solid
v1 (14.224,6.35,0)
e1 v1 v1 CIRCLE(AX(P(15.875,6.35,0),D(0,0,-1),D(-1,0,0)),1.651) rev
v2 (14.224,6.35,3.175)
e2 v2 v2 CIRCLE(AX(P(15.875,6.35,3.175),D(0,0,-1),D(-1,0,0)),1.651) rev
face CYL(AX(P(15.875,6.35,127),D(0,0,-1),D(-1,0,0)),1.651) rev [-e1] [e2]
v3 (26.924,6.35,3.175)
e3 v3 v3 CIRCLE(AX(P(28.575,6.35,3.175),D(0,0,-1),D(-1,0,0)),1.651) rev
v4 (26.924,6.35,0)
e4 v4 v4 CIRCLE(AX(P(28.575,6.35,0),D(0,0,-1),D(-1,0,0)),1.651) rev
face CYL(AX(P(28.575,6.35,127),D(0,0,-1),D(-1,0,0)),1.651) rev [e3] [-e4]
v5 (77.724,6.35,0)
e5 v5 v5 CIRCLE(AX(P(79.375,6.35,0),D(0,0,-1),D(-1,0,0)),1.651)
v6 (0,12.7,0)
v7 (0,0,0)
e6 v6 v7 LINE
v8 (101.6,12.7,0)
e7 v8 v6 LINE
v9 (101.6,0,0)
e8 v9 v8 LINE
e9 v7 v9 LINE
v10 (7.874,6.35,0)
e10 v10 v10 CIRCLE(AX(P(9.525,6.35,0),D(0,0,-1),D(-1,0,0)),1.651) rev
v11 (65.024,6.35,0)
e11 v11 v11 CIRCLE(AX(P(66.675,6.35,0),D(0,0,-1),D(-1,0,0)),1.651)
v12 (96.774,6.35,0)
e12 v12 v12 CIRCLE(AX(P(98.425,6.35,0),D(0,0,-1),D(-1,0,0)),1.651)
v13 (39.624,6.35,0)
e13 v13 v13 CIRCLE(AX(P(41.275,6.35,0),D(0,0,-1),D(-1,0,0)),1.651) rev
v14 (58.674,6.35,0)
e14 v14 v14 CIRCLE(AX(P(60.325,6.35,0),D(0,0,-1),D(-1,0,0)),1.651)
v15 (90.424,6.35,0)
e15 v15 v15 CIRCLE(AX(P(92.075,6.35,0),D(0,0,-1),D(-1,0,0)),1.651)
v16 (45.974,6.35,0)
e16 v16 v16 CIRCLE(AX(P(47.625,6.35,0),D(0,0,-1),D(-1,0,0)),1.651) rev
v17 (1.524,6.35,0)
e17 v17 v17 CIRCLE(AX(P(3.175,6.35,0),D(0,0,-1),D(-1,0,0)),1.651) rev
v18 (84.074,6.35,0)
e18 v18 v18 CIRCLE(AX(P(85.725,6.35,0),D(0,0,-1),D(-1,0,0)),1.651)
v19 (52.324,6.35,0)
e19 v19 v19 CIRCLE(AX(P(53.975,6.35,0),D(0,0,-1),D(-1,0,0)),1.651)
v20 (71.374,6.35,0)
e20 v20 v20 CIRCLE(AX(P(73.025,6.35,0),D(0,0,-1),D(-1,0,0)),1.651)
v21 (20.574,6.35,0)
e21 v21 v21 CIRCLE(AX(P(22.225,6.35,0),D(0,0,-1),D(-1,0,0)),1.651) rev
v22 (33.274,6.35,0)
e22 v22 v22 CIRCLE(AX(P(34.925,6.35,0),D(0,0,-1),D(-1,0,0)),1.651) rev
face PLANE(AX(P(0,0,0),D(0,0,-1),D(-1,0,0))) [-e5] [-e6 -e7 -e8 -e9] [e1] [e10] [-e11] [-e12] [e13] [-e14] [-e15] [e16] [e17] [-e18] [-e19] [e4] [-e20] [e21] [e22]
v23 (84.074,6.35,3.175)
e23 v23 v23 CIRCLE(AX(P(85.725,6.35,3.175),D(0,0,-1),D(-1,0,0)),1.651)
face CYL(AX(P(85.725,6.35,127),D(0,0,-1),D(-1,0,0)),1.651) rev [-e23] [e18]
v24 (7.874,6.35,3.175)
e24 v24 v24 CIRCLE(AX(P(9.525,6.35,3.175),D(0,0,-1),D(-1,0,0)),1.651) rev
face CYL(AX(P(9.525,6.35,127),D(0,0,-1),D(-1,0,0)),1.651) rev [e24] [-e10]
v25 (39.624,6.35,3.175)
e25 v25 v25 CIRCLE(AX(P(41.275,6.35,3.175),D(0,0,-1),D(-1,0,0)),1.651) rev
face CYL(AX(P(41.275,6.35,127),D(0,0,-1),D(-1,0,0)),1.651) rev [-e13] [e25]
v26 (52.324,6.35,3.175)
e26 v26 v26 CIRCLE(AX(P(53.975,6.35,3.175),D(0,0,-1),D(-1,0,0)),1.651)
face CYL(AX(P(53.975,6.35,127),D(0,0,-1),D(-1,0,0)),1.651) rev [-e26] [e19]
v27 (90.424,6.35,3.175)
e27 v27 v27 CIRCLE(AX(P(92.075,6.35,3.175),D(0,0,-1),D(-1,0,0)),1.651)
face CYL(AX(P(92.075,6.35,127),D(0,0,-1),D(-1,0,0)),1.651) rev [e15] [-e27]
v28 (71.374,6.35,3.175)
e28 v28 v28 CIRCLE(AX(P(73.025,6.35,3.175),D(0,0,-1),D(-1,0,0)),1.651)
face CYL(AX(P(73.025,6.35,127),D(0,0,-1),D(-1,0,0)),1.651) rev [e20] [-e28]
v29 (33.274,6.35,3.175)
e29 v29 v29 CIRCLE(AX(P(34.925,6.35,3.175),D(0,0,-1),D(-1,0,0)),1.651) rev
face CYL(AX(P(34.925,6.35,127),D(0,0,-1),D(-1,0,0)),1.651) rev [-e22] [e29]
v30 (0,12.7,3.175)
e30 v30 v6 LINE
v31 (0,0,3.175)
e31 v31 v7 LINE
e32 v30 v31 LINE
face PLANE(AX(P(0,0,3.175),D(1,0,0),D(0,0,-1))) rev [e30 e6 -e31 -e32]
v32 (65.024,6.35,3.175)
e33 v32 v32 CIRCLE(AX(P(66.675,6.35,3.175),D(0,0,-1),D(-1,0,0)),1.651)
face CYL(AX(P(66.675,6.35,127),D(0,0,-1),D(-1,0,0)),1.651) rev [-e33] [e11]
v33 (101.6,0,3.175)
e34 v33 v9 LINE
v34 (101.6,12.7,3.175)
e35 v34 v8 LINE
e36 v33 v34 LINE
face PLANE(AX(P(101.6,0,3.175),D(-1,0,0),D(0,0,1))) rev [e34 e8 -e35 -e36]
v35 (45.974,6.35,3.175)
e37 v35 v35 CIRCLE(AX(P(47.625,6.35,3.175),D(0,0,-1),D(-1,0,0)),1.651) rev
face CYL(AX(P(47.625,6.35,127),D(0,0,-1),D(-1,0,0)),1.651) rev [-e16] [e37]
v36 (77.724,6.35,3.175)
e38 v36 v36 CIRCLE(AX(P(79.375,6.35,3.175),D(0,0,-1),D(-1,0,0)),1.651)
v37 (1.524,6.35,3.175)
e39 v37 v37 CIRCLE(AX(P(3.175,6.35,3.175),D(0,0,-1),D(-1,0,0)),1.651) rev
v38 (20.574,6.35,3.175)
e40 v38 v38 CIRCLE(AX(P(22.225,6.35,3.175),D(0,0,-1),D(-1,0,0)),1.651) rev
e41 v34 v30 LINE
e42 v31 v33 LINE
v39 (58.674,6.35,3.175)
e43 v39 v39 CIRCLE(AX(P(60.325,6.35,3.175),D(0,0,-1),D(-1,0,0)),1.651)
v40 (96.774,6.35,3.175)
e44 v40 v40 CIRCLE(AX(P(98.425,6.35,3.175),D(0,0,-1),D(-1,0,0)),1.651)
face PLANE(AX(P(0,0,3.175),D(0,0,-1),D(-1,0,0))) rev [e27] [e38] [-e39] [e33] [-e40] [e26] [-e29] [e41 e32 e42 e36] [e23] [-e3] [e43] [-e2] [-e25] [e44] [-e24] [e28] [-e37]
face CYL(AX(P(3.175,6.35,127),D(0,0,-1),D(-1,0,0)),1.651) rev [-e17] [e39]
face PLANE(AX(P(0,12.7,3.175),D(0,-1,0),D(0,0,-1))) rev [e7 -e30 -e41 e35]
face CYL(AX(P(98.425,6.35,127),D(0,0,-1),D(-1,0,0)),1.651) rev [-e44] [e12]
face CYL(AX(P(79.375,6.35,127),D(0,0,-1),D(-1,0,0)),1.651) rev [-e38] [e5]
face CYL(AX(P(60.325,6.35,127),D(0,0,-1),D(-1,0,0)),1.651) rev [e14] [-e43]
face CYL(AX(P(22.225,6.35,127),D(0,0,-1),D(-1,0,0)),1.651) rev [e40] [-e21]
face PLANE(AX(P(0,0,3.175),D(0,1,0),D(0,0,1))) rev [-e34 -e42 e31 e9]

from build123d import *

# Parameters (mm, degrees)
SKETCH1_W               = 101.6
SKETCH1_H               = 12.7
BOSS_EXTRUDE3_DEPTH     = 3.175
SKETCH2_R               = 1.651
CUT_EXTRUDE1_DEPTH      = 127
CUT_EXTRUDE1_DEPTH_BACK = 127


with BuildPart() as part:
    # Sketch1 → Boss-Extrude3 (new body)
    with BuildSketch(Plane.XY):
        with Locations((50.8, 6.35)):
            Rectangle(SKETCH1_W, SKETCH1_H)
    extrude(amount=BOSS_EXTRUDE3_DEPTH)

    # Sketch2 → Cut-Extrude1 (cut, two sides)
    with BuildSketch(Plane.XY) as cut_extrude1_sk:
        with Locations((3.175, 6.35)):
            Circle(SKETCH2_R)
        with Locations((9.525, 6.35)):
            Circle(SKETCH2_R)
        with Locations((15.875, 6.35)):
            Circle(SKETCH2_R)
        with Locations((22.225, 6.35)):
            Circle(SKETCH2_R)
        with Locations((28.575, 6.35)):
            Circle(SKETCH2_R)
        with Locations((34.925, 6.35)):
            Circle(SKETCH2_R)
        with Locations((41.275, 6.35)):
            Circle(SKETCH2_R)
        with Locations((47.625, 6.35)):
            Circle(SKETCH2_R)
        with Locations((53.975, 6.35)):
            Circle(SKETCH2_R)
        with Locations((60.325, 6.35)):
            Circle(SKETCH2_R)
        with Locations((66.675, 6.35)):
            Circle(SKETCH2_R)
        with Locations((73.025, 6.35)):
            Circle(SKETCH2_R)
        with Locations((79.375, 6.35)):
            Circle(SKETCH2_R)
        with Locations((85.725, 6.35)):
            Circle(SKETCH2_R)
        with Locations((92.075, 6.35)):
            Circle(SKETCH2_R)
        with Locations((98.425, 6.35)):
            Circle(SKETCH2_R)
    extrude(amount=CUT_EXTRUDE1_DEPTH, mode=Mode.SUBTRACT)
    extrude(cut_extrude1_sk.sketch, amount=-CUT_EXTRUDE1_DEPTH_BACK, mode=Mode.SUBTRACT)


solid = part.part
